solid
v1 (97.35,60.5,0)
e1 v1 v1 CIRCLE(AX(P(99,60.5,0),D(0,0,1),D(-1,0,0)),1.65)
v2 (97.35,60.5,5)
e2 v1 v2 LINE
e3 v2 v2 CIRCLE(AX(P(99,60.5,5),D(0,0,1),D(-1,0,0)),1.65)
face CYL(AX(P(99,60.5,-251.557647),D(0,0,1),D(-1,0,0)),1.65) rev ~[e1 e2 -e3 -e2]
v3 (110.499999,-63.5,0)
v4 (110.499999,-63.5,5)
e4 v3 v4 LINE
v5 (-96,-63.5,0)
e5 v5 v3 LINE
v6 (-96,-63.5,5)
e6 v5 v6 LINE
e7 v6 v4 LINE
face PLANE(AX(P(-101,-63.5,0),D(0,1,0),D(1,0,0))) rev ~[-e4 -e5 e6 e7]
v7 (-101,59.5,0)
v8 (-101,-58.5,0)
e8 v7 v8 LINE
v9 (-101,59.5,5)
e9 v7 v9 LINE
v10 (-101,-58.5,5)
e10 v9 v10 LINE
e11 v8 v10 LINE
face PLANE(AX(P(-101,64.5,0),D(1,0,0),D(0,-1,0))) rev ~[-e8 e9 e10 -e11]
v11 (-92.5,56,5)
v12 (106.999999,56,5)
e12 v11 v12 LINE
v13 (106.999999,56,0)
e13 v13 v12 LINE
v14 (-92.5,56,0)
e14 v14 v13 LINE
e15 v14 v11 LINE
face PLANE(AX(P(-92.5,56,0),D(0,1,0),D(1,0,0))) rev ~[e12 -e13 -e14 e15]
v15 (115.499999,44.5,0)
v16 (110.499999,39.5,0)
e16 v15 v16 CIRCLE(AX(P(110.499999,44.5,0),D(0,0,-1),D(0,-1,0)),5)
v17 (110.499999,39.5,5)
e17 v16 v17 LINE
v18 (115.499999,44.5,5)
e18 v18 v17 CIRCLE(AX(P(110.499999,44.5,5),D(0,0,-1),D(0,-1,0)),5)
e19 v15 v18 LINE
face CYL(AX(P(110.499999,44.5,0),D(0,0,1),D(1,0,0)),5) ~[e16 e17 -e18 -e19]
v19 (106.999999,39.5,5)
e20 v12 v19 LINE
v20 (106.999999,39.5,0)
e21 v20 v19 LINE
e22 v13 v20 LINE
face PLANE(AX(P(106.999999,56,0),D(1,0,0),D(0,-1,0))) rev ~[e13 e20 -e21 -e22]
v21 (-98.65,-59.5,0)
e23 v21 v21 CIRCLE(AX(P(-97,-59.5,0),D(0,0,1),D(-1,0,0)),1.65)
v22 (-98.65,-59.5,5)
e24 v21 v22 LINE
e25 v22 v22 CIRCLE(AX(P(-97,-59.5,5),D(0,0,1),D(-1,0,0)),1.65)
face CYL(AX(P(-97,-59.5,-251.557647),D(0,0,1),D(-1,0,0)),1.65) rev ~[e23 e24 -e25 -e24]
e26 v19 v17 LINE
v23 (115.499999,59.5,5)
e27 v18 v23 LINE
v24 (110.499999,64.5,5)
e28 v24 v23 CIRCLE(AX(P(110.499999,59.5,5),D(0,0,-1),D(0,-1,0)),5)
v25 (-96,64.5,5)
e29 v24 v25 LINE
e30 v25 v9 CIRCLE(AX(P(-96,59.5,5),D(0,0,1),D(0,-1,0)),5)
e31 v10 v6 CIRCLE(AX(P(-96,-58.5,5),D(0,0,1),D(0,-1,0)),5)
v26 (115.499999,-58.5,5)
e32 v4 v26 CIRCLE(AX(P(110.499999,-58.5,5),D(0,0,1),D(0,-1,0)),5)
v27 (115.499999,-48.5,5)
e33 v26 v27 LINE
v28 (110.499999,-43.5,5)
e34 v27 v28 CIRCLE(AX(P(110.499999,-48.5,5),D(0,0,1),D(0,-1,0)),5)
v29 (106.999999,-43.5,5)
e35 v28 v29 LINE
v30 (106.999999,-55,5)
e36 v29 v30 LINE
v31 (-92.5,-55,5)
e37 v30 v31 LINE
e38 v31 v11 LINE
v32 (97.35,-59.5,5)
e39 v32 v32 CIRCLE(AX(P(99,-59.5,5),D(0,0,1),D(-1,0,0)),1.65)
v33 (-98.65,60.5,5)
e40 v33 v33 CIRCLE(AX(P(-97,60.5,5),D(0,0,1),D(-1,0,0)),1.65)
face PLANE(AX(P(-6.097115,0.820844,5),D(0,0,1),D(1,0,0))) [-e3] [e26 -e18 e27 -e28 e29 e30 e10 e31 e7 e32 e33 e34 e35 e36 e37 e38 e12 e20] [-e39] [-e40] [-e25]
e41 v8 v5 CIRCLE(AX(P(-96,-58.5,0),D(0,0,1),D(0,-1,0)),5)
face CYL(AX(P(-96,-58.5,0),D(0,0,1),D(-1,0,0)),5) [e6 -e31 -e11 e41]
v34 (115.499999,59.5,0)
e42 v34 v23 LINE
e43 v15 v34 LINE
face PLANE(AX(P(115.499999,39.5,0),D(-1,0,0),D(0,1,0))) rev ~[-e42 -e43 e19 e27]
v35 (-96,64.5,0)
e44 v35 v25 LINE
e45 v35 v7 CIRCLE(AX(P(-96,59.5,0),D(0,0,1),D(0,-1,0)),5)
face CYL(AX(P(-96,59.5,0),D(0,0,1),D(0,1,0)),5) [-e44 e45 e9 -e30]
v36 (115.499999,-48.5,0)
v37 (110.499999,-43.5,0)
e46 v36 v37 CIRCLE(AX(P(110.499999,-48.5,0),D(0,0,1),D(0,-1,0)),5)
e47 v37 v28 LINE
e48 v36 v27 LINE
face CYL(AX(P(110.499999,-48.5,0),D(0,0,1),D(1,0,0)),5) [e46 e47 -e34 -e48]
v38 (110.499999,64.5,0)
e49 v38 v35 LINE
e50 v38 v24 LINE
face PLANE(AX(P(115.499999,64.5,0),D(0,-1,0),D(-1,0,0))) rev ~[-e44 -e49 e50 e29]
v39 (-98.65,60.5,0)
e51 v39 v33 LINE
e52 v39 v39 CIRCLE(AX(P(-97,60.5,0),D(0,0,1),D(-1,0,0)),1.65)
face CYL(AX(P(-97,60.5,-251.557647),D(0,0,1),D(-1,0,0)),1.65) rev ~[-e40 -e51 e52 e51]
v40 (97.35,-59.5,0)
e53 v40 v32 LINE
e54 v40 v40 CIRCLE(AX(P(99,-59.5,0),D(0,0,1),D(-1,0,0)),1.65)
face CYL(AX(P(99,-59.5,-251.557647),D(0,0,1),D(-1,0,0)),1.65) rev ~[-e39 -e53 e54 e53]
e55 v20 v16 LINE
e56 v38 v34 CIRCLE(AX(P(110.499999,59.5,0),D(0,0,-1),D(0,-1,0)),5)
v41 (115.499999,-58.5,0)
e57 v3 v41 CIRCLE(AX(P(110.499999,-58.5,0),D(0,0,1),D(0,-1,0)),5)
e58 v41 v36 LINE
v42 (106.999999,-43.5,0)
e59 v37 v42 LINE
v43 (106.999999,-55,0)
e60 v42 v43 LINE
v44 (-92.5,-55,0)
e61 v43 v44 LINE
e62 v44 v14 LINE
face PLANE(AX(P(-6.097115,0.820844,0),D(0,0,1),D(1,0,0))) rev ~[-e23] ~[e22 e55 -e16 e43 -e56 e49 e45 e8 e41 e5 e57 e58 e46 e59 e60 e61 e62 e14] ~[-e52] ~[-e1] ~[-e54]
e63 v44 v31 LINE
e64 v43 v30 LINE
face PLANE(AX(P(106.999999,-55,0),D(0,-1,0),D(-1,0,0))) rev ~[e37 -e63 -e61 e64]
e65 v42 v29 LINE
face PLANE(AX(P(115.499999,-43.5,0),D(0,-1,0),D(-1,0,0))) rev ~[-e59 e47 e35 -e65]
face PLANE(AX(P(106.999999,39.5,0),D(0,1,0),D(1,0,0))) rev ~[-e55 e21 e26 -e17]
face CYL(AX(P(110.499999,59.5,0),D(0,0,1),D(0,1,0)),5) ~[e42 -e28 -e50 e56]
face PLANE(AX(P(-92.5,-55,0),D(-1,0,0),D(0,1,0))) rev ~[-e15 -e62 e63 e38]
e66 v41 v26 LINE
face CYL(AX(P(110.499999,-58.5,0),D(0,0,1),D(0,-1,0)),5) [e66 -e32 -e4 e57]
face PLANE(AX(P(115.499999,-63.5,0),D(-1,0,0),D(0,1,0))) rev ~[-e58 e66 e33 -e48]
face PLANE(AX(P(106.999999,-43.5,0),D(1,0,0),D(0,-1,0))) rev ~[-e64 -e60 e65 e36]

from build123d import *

# Parameters (mm, degrees)
F1_DEPTH = 5
F2_D     = 3.3
F3_R     = 5


with BuildPart() as f1:
    # F0 (on Top) → F1 (new body)
    with BuildSketch(Plane.XY):
        Polygon((115.4999993443, 64.5), (103, 64.5), (-101, 64.5), (-101, -63.5), (103, -63.5), (115.4999993443, -63.5), (115.4999993443, -43.5), (106.9999993443, -43.5), (106.9999993443, -55), (103, -55), (-92.5, -55), (-92.5, 56), (103, 56), (106.9999993443, 56), (106.9999993443, 39.5), (115.4999993443, 39.5), align=None)
    extrude(amount=F1_DEPTH)

    # F2 (through all)
    with Locations(Plane(origin=(0, 0, 0), x_dir=(1, 0, 0), z_dir=(0, 0, -1))):
        with Locations((-97, -60.5), (99, -60.5), (99, 59.5), (-97, 59.5)):
            Hole(F2_D / 2)

    # F3
    f3_edges = [f1.edges().sort_by_distance(p)[0] for p in [
        (115.499999, 39.5, 2.5),
        (115.499999, 64.5, 2.5),
        (-101, 64.5, 2.5),
        (-101, -63.5, 2.5),
        (115.499999, -63.5, 2.5),
        (115.499999, -43.5, 2.5),
    ]]
    fillet(f3_edges, radius=F3_R)


solid = f1.part
